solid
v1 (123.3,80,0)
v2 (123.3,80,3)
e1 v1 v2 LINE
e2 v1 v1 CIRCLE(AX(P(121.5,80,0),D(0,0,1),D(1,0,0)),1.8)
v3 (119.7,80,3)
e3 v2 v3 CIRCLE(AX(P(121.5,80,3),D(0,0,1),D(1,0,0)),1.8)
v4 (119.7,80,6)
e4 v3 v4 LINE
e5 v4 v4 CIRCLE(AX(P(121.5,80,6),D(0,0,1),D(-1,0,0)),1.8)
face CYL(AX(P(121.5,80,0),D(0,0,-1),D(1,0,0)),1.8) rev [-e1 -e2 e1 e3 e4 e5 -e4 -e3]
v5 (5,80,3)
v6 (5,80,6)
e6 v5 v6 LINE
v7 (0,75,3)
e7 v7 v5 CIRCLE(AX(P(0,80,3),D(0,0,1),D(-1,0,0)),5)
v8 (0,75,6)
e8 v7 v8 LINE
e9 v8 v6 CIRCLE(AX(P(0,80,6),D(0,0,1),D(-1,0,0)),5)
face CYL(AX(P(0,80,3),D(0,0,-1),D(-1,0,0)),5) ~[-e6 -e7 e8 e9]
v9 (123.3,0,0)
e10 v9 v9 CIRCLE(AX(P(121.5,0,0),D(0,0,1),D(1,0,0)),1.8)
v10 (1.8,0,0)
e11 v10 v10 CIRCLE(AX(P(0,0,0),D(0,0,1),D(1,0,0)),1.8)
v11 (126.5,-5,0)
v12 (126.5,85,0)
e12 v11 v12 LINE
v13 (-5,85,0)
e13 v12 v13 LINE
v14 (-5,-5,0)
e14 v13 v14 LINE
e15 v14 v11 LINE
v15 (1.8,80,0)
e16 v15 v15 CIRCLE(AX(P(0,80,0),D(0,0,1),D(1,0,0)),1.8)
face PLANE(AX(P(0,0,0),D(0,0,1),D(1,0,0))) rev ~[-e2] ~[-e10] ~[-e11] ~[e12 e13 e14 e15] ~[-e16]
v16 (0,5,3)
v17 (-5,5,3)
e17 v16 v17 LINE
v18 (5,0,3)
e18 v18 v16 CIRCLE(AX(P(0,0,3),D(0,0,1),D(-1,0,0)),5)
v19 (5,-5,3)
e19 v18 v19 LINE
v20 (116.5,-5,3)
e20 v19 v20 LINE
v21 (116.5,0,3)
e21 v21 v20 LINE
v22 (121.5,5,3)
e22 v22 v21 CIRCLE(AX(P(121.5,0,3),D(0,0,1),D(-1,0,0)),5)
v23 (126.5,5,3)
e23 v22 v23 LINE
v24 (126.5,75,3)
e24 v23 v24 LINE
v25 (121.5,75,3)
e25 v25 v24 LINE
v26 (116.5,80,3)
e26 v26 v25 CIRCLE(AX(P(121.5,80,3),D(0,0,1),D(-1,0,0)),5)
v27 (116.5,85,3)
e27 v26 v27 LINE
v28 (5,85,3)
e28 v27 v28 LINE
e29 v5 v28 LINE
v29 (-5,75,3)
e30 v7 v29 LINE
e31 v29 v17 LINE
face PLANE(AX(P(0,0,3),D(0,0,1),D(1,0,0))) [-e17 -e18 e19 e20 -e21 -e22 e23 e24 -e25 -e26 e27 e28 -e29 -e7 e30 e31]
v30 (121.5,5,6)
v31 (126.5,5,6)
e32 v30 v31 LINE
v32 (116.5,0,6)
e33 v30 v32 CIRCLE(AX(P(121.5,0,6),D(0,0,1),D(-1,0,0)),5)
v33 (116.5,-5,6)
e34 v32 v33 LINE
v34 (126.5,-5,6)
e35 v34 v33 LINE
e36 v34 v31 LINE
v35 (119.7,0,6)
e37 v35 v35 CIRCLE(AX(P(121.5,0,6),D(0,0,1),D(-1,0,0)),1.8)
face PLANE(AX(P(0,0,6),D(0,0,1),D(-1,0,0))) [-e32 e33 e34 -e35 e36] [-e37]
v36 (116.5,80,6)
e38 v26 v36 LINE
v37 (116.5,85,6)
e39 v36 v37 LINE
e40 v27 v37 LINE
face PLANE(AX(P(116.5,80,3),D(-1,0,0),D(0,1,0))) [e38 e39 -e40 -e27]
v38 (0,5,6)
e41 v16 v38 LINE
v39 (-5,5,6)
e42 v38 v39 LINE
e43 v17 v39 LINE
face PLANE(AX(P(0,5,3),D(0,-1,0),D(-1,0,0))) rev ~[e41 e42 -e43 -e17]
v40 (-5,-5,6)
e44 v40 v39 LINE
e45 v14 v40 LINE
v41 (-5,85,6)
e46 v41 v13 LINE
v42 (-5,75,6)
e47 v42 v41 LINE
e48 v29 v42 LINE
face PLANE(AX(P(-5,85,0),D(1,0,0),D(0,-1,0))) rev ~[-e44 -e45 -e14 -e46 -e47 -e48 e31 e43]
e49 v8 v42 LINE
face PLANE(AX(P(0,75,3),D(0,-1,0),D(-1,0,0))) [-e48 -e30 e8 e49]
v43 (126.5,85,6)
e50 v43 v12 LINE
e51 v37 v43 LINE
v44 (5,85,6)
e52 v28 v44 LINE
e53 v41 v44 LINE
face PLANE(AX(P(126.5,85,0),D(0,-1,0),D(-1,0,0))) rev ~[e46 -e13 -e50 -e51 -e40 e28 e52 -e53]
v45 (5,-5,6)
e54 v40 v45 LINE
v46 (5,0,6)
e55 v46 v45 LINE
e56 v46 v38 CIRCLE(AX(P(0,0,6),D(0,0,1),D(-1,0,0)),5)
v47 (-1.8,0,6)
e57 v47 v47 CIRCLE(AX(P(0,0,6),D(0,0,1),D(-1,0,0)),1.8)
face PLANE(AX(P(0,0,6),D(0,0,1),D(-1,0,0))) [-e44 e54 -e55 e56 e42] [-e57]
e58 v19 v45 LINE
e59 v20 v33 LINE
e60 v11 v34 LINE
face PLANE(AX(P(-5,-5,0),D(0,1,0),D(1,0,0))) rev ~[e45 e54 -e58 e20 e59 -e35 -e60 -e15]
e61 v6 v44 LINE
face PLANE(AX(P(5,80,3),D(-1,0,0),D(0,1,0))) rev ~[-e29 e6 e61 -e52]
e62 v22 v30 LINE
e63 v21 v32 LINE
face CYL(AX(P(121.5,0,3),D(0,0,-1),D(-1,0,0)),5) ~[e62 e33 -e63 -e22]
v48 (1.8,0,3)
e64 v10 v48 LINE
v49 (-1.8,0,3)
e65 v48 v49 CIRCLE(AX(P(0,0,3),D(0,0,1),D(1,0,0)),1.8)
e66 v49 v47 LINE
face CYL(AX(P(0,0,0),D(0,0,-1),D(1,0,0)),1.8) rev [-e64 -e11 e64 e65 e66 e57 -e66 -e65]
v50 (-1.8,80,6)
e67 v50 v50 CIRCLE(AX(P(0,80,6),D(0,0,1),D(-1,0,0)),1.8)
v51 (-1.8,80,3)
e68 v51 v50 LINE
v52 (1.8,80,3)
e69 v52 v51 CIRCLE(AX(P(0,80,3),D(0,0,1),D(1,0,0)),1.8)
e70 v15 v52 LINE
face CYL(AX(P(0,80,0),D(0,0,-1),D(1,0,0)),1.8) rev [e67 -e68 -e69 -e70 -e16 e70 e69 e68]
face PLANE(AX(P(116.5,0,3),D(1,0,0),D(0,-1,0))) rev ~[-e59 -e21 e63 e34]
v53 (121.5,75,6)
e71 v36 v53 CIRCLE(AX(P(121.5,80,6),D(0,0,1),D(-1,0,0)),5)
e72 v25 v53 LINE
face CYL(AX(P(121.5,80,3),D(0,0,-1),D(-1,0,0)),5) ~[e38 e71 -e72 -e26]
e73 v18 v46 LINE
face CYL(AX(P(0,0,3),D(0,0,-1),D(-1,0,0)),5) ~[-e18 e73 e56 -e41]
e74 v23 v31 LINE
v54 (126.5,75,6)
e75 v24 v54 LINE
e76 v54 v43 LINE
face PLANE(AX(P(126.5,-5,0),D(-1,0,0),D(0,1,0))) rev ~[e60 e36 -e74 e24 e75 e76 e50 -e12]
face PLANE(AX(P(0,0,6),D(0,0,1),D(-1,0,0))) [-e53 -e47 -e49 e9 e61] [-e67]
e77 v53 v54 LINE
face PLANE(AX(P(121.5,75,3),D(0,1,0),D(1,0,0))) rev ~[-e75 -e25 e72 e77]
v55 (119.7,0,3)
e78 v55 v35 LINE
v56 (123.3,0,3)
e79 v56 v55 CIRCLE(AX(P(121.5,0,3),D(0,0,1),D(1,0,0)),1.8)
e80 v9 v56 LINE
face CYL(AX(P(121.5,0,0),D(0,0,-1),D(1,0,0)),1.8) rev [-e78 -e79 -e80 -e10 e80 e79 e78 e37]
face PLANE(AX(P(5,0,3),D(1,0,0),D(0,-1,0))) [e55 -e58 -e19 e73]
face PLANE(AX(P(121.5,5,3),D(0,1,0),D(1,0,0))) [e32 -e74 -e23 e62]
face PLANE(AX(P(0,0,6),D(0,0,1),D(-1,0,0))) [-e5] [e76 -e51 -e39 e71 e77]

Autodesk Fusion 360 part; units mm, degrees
sketch "Sketch1" plane through (0, 0, 0) normal (0, 0, 1) x (1, 0, 0)
  circle A0 centre (0, 0) radius 1.8
  circle A1 centre (121.5, 0) radius 1.8
  circle A2 centre (0, 80) radius 1.8
  circle A3 centre (121.5, 80) radius 1.8
  line L0 (-5, -5) -> (126.5, -5)
  line L1 (126.5, -5) -> (126.5, 85)
  line L2 (126.5, 85) -> (-5, 85)
  line L3 (-5, 85) -> (-5, -5)
  dimension "d3" = 121.5
  dimension "d4" = 80
  dimension "d5" = 3.6
  dimension "d6" = 5
  dimension "d7" = 5
  dimension "d8" = 5
  dimension "d9" = 5
extrude "Extrude1" add sketch "Sketch1" along normal blind 3
sketch "Sketch2" plane through (0, 0, 3) normal (0, 0, 1) x (-1, 0, 0)
  circle A0 centre (0, 0) radius 1.8
  circle A1 centre (0, -80) radius 1.8
  circle A2 centre (-121.5, 0) radius 1.8
  circle A3 centre (-121.5, -80) radius 1.8
  line L0 (5, -85) -> (5, 5)
  line L1 (5, 5) -> (-126.5, 5)
  line L2 (-126.5, 5) -> (-126.5, -85)
  line L3 (-126.5, -85) -> (5, -85)
  circle A4 centre (0, 0) radius 5
  line L4 (-5, 0) -> (-5, 5)
  line L5 (0, -5) -> (5, -5)
  circle A5 centre (-121.5, 0) radius 5
  line L6 (-116.5, 0) -> (-116.5, 5)
  line L7 (-121.5, -5) -> (-126.5, -5)
  circle A6 centre (-121.5, -80) radius 5
  line L8 (-116.5, -80) -> (-116.5, -85)
  line L9 (-121.5, -75) -> (-126.5, -75)
  circle A7 centre (0, -80) radius 5
  line L10 (-5, -80) -> (-5, -85)
  line L11 (0, -75) -> (5, -75)
extrude "Extrude2" add sketch "Sketch2" along normal blind 3 contours L0 L3 A7 | L0 A7 L11 | A7 | L3 A7 L10 | L0 A4 L5 | L3 A6 L8 | L0 L1 A4 | A4 | L2 L3 A6 | A6 | L1 A4 L4 | L2 A6 L9 | L1 A5 L6 | L2 A5 L7 | L1 L2 A5 | A5
equation "d7 = d6"
equation "d8 = d6"
equation "d9 = d6"
